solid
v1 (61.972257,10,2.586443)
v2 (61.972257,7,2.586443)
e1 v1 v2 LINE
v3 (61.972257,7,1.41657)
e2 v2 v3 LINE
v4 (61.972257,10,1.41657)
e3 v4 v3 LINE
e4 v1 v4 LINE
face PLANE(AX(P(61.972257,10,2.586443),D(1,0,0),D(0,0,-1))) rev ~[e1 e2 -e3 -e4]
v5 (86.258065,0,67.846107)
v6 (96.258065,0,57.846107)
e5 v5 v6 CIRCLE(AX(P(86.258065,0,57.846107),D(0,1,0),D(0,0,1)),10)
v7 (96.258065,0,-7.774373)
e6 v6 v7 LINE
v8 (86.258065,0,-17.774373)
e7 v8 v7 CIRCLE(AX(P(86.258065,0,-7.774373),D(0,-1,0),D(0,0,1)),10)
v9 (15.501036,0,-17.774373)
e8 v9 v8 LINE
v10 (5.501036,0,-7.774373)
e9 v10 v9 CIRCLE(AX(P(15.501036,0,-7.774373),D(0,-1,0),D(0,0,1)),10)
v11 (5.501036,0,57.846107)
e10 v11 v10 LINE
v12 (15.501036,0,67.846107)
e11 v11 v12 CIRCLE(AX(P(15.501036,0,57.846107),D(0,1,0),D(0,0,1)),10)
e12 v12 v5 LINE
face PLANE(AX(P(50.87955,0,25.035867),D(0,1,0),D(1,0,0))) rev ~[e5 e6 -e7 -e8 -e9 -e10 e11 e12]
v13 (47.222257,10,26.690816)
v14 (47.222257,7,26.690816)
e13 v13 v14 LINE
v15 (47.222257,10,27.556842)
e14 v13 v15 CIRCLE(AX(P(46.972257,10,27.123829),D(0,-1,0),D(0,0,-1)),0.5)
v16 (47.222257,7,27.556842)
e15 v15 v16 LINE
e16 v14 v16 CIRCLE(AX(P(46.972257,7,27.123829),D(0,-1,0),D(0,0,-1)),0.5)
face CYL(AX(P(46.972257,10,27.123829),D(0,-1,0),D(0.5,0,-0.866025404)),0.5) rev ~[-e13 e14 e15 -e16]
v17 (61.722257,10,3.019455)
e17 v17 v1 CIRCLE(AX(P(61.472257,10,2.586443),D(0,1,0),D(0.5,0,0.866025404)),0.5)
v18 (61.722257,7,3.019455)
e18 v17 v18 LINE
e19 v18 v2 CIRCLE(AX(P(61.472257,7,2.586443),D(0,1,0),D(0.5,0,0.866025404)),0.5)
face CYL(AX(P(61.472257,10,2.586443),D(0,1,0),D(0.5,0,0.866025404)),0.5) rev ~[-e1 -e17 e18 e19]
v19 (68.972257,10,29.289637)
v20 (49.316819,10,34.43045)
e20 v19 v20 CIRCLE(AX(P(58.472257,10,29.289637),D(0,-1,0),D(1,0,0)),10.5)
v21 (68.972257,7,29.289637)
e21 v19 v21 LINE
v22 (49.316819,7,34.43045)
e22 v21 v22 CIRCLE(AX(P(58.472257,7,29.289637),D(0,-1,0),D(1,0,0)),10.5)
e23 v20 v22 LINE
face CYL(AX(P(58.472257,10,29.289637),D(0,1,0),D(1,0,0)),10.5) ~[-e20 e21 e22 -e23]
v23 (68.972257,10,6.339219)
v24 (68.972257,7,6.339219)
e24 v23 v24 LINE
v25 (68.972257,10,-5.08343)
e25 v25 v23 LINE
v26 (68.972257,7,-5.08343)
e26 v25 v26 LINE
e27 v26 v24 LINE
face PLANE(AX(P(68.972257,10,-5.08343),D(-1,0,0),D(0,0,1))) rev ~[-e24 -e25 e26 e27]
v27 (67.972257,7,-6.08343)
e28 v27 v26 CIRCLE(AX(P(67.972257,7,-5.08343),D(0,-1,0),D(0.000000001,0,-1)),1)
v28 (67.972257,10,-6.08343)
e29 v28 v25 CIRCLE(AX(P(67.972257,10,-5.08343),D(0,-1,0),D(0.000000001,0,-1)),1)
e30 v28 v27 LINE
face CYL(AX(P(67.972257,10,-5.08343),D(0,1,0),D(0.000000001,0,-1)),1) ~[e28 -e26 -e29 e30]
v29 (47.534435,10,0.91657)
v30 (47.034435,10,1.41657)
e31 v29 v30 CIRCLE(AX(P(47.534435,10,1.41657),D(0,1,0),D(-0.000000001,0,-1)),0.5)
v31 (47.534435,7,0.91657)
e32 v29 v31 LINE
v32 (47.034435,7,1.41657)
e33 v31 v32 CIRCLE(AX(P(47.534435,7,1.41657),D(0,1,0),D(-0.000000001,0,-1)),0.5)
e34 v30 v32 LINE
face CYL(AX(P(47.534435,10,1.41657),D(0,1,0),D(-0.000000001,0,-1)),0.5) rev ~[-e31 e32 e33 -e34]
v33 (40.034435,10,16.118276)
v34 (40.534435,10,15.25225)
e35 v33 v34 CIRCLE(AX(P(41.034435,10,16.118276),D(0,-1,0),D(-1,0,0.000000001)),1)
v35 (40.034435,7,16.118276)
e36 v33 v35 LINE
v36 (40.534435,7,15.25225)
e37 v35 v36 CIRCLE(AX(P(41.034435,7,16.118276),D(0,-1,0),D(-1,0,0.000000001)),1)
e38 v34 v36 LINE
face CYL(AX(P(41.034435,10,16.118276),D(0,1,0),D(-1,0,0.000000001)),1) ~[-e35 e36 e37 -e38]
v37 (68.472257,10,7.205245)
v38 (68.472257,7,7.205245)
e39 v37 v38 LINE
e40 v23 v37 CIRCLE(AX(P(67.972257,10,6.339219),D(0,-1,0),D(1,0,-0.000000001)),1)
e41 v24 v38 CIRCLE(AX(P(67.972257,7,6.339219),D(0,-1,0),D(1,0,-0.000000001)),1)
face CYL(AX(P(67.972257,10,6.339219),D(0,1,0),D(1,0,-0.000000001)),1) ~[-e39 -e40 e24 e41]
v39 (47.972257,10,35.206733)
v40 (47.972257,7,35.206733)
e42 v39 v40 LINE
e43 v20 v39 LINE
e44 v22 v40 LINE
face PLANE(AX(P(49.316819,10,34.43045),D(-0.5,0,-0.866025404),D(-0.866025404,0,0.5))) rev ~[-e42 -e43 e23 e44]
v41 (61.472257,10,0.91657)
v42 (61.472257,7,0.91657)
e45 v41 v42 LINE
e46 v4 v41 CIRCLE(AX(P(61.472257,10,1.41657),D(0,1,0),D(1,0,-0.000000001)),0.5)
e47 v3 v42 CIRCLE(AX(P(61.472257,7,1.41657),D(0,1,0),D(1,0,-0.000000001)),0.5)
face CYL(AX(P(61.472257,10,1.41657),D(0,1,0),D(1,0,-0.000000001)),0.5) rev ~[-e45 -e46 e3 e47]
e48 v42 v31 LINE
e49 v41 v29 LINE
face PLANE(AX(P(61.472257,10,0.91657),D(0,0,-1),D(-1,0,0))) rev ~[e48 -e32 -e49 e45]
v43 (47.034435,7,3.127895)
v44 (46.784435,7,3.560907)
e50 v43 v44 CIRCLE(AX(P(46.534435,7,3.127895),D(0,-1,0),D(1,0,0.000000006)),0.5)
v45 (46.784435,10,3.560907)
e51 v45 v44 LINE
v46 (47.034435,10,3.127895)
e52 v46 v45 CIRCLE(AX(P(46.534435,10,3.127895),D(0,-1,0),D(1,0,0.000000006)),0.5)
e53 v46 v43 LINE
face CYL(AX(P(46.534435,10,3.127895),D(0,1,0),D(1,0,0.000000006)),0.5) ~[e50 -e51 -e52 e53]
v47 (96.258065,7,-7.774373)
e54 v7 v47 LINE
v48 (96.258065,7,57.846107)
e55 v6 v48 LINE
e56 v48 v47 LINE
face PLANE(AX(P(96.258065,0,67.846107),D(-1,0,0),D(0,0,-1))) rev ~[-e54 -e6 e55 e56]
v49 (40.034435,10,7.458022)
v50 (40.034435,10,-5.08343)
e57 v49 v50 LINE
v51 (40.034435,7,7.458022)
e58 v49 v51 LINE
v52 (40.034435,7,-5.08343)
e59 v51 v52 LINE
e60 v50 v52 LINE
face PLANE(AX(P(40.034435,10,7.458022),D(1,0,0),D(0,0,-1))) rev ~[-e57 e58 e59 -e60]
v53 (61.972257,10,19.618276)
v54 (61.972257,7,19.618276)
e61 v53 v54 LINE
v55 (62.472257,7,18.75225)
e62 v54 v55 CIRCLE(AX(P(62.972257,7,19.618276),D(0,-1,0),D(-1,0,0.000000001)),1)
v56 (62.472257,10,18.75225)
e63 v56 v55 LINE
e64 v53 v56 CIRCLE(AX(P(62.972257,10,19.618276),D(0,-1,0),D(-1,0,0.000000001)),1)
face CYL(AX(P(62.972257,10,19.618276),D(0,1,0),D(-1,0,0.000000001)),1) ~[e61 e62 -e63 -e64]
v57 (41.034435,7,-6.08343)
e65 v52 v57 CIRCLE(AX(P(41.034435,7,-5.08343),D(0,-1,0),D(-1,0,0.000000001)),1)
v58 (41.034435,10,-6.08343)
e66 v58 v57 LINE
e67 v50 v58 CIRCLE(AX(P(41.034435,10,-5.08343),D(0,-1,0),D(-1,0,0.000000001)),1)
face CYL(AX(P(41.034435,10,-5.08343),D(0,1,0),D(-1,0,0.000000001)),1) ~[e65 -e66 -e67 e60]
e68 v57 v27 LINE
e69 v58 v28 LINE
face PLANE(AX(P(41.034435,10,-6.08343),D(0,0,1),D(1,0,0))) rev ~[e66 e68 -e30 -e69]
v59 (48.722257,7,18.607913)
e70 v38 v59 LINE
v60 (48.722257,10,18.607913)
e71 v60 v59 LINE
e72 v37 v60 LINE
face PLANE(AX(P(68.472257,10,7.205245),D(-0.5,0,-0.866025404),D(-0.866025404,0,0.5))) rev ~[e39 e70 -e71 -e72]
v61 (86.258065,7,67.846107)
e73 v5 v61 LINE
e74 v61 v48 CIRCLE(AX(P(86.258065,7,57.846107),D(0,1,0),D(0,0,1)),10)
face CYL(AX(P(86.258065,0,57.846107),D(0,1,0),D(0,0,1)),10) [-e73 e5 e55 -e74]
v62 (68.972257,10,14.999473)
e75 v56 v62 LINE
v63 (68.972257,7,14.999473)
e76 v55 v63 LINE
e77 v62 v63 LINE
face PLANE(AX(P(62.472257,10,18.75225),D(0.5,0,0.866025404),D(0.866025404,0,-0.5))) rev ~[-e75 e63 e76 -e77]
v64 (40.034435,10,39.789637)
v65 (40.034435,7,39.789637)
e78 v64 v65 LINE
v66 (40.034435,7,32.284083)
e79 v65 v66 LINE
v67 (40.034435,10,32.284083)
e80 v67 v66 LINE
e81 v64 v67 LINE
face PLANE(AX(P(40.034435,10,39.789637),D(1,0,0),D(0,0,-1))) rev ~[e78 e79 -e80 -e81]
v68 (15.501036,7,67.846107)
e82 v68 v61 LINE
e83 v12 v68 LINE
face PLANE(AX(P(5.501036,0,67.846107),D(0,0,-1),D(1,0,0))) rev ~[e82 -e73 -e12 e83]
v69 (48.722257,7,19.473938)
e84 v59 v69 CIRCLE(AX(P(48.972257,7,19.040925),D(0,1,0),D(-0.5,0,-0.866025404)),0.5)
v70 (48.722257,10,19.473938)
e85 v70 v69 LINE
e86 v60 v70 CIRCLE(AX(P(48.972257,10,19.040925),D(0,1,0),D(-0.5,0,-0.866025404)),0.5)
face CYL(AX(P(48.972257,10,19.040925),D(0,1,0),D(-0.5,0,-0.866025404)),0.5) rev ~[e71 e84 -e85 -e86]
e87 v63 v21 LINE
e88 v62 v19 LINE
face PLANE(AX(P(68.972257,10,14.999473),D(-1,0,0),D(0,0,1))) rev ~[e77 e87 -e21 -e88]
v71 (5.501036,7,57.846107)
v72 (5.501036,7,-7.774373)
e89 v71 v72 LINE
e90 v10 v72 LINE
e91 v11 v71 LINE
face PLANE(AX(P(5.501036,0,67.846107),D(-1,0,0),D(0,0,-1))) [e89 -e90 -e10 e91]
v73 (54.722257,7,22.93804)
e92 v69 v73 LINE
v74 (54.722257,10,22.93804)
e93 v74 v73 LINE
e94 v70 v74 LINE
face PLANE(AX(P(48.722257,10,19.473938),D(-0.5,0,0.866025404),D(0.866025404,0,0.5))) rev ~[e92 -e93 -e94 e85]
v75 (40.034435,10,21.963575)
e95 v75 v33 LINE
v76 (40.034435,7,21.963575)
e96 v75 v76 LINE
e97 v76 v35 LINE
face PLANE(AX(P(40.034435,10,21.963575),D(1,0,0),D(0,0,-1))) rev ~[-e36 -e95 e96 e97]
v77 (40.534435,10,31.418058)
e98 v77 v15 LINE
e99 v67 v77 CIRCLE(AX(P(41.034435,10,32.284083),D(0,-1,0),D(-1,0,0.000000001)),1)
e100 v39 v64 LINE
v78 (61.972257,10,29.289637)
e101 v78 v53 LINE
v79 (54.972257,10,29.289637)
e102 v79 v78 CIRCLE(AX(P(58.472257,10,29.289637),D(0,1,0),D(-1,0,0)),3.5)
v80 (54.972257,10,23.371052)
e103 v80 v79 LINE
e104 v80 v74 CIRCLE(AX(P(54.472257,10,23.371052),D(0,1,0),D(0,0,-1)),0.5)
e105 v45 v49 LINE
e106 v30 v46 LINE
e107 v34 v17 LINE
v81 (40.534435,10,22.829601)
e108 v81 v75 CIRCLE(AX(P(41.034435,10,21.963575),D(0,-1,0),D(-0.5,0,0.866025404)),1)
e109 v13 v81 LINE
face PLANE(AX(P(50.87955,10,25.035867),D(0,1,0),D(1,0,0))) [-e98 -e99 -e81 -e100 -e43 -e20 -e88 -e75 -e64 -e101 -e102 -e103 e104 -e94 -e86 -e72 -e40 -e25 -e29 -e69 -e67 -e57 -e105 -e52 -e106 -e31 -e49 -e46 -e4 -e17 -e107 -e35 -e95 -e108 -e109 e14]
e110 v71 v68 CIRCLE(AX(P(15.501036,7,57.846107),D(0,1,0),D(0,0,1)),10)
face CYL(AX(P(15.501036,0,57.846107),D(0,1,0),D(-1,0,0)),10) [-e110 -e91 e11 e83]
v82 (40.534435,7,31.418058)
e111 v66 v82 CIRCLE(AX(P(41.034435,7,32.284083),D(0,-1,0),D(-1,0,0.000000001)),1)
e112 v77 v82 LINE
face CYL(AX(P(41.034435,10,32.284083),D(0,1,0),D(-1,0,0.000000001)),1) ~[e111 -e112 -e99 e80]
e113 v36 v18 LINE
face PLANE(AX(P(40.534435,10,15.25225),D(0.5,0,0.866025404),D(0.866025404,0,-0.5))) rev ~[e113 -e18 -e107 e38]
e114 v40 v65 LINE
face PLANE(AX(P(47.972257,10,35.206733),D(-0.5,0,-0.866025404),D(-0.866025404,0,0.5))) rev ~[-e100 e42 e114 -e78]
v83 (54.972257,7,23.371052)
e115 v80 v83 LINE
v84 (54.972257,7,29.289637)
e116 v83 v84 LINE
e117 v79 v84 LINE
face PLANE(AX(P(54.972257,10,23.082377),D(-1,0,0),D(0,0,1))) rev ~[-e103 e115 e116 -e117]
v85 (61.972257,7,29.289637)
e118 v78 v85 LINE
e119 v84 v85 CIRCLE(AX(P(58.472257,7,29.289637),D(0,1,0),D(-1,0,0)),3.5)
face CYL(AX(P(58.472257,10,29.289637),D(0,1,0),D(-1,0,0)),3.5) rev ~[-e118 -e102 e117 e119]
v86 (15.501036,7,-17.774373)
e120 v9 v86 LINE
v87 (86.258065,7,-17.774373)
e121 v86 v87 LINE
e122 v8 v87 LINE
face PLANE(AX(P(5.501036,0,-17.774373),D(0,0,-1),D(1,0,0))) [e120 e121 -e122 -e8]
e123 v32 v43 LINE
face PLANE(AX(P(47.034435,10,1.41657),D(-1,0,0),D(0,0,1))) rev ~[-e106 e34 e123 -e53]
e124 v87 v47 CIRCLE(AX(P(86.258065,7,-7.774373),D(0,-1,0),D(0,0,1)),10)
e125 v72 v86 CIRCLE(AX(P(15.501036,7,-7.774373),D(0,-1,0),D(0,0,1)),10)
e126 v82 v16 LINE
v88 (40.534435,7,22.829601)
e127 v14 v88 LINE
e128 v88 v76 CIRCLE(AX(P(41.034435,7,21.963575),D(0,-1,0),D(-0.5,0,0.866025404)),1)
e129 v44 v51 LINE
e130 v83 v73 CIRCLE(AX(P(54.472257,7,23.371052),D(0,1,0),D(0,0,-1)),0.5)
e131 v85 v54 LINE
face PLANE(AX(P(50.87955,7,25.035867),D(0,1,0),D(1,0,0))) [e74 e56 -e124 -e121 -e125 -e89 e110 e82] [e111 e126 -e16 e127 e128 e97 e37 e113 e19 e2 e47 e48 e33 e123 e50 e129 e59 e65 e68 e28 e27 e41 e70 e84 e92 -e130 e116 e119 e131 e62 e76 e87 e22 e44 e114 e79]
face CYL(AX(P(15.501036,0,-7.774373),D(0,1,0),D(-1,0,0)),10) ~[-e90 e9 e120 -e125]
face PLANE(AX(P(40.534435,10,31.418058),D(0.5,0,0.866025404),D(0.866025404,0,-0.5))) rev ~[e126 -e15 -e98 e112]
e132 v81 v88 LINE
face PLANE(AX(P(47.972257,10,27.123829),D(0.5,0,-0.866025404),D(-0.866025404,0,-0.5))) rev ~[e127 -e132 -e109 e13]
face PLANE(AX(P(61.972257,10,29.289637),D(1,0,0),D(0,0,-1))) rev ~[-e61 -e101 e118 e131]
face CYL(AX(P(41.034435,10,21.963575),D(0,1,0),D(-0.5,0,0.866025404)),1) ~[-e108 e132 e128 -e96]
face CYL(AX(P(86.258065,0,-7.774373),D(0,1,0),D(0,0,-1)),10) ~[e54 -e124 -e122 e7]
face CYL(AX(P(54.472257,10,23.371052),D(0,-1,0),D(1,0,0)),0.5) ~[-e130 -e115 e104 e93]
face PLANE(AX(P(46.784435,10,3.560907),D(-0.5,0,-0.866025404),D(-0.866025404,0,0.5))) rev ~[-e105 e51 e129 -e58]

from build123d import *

# Parameters (mm, degrees)
SKETCH1_W           = 90.757028804
SKETCH1_H           = 85.620479834
BOSS_EXTRUDE1_DEPTH = 10
SKETCH2_W           = 90.757028804
SKETCH2_H           = 85.620479834
CUT_EXTRUDE1_DEPTH  = 3
FILLET3_R           = 10
FILLET4_R           = 0.5


with BuildPart() as part:
    # Sketch1 → Boss-Extrude1 (new body)
    with BuildSketch(Plane(origin=(0, 0, 0), x_dir=(1, 0, 0), z_dir=(0, 1, 0))):
        with Locations((50.879550114, -25.035867198)):
            Rectangle(SKETCH1_W, SKETCH1_H)
    extrude(amount=BOSS_EXTRUDE1_DEPTH)

    # Sketch2 → Cut-Extrude1 (cut)
    with BuildSketch(Plane(origin=(0, 10, 0), x_dir=(1, 0, 0), z_dir=(0, 1, 0))):
        with Locations((50.879550114, -25.035867198)):
            Rectangle(SKETCH2_W, SKETCH2_H)
        with BuildLine():
            ThreePointArc((67.972256686, 6.083430281), (68.679363467, 5.790537062), (68.972256686, 5.083430281))
            Line((68.972256686, 5.083430281), (68.972256686, -6.33921945))
            ThreePointArc((68.972256686, -6.33921945), (68.83828209, -6.83921945), (68.472256686, -7.205244854))
            Line((68.472256686, -7.205244854), (48.722256686, -18.60791267))
            ThreePointArc((48.722256686, -18.60791267), (48.472256686, -19.040925372), (48.722256686, -19.473938074))
            Line((48.722256686, -19.473938074), (54.972256686, -23.082377257))
            Line((54.972256686, -23.082377257), (54.972256686, -29.289636678))
            ThreePointArc((54.972256686, -29.289636678), (58.472256686, -32.789636678), (61.972256686, -29.289636678))
            Line((61.972256686, -29.289636678), (61.972256686, -19.618275642))
            ThreePointArc((61.972256686, -19.618275642), (62.106231282, -19.118275642), (62.472256686, -18.752250238))
            Line((62.472256686, -18.752250238), (68.972256686, -14.999473488))
            Line((68.972256686, -14.999473488), (68.972256686, -29.289636678))
            ThreePointArc((68.972256686, -29.289636678), (61.12912537, -39.447936181), (49.316818821, -34.430449599))
            Line((49.316818821, -34.430449599), (47.972256686, -35.20673291))
            Line((47.972256686, -35.20673291), (40.034434513, -39.789636678))
            Line((40.034434513, -39.789636678), (40.034434513, -32.284083179))
            ThreePointArc((40.034434513, -32.284083179), (40.168409109, -31.784083179), (40.534434513, -31.418057775))
            Line((40.534434513, -31.418057775), (47.972256686, -27.123829141))
            Line((47.972256686, -27.123829141), (40.534434513, -22.829600507))
            ThreePointArc((40.534434513, -22.829600507), (40.168409109, -22.463575103), (40.034434513, -21.963575103))
            Line((40.034434513, -21.963575103), (40.034434513, -16.118275642))
            ThreePointArc((40.034434513, -16.118275642), (40.168409109, -15.618275642), (40.534434513, -15.252250238))
            Line((40.534434513, -15.252250238), (61.722256686, -3.019455402))
            ThreePointArc((61.722256686, -3.019455402), (61.905269388, -2.8364427), (61.972256686, -2.5864427))
            Line((61.972256686, -2.5864427), (61.972256686, -1.416569719))
            ThreePointArc((61.972256686, -1.416569719), (61.825810077, -1.063016329), (61.472256686, -0.916569719))
            Line((61.472256686, -0.916569719), (47.534434513, -0.916569719))
            ThreePointArc((47.534434513, -0.916569719), (47.180881122, -1.063016329), (47.034434513, -1.416569719))
            Line((47.034434513, -1.416569719), (47.034434513, -3.127894585))
            ThreePointArc((47.034434513, -3.127894585), (46.967447214, -3.377894585), (46.784434513, -3.560907287))
            Line((46.784434513, -3.560907287), (40.034434513, -7.458021604))
            Line((40.034434513, -7.458021604), (40.034434513, -6.916569719))
            Line((40.034434513, -6.916569719), (40.034434513, 5.083430281))
            ThreePointArc((40.034434513, 5.083430281), (40.327327731, 5.790537062), (41.034434513, 6.083430281))
            Line((41.034434513, 6.083430281), (67.972256686, 6.083430281))
        make_face(mode=Mode.SUBTRACT)
    extrude(amount=-CUT_EXTRUDE1_DEPTH, mode=Mode.SUBTRACT)

    # Fillet3
    fillet3_edges = [part.edges().sort_by_distance(p)[0] for p in [
        (5.501035712, 3.5, -17.774372719),
        (96.258064516, 3.5, -17.774372719),
        (96.258064516, 3.5, 67.846107115),
        (5.501035712, 3.5, 67.846107115),
    ]]
    fillet(fillet3_edges, radius=FILLET3_R)

    # Fillet4
    fillet4_edges = [part.edges().sort_by_distance(p)[0] for p in [
        (47.972256686, 8.5, 27.123829141),
        (54.972256686, 8.5, 23.082377257),
    ]]
    fillet(fillet4_edges, radius=FILLET4_R)


solid = part.part
